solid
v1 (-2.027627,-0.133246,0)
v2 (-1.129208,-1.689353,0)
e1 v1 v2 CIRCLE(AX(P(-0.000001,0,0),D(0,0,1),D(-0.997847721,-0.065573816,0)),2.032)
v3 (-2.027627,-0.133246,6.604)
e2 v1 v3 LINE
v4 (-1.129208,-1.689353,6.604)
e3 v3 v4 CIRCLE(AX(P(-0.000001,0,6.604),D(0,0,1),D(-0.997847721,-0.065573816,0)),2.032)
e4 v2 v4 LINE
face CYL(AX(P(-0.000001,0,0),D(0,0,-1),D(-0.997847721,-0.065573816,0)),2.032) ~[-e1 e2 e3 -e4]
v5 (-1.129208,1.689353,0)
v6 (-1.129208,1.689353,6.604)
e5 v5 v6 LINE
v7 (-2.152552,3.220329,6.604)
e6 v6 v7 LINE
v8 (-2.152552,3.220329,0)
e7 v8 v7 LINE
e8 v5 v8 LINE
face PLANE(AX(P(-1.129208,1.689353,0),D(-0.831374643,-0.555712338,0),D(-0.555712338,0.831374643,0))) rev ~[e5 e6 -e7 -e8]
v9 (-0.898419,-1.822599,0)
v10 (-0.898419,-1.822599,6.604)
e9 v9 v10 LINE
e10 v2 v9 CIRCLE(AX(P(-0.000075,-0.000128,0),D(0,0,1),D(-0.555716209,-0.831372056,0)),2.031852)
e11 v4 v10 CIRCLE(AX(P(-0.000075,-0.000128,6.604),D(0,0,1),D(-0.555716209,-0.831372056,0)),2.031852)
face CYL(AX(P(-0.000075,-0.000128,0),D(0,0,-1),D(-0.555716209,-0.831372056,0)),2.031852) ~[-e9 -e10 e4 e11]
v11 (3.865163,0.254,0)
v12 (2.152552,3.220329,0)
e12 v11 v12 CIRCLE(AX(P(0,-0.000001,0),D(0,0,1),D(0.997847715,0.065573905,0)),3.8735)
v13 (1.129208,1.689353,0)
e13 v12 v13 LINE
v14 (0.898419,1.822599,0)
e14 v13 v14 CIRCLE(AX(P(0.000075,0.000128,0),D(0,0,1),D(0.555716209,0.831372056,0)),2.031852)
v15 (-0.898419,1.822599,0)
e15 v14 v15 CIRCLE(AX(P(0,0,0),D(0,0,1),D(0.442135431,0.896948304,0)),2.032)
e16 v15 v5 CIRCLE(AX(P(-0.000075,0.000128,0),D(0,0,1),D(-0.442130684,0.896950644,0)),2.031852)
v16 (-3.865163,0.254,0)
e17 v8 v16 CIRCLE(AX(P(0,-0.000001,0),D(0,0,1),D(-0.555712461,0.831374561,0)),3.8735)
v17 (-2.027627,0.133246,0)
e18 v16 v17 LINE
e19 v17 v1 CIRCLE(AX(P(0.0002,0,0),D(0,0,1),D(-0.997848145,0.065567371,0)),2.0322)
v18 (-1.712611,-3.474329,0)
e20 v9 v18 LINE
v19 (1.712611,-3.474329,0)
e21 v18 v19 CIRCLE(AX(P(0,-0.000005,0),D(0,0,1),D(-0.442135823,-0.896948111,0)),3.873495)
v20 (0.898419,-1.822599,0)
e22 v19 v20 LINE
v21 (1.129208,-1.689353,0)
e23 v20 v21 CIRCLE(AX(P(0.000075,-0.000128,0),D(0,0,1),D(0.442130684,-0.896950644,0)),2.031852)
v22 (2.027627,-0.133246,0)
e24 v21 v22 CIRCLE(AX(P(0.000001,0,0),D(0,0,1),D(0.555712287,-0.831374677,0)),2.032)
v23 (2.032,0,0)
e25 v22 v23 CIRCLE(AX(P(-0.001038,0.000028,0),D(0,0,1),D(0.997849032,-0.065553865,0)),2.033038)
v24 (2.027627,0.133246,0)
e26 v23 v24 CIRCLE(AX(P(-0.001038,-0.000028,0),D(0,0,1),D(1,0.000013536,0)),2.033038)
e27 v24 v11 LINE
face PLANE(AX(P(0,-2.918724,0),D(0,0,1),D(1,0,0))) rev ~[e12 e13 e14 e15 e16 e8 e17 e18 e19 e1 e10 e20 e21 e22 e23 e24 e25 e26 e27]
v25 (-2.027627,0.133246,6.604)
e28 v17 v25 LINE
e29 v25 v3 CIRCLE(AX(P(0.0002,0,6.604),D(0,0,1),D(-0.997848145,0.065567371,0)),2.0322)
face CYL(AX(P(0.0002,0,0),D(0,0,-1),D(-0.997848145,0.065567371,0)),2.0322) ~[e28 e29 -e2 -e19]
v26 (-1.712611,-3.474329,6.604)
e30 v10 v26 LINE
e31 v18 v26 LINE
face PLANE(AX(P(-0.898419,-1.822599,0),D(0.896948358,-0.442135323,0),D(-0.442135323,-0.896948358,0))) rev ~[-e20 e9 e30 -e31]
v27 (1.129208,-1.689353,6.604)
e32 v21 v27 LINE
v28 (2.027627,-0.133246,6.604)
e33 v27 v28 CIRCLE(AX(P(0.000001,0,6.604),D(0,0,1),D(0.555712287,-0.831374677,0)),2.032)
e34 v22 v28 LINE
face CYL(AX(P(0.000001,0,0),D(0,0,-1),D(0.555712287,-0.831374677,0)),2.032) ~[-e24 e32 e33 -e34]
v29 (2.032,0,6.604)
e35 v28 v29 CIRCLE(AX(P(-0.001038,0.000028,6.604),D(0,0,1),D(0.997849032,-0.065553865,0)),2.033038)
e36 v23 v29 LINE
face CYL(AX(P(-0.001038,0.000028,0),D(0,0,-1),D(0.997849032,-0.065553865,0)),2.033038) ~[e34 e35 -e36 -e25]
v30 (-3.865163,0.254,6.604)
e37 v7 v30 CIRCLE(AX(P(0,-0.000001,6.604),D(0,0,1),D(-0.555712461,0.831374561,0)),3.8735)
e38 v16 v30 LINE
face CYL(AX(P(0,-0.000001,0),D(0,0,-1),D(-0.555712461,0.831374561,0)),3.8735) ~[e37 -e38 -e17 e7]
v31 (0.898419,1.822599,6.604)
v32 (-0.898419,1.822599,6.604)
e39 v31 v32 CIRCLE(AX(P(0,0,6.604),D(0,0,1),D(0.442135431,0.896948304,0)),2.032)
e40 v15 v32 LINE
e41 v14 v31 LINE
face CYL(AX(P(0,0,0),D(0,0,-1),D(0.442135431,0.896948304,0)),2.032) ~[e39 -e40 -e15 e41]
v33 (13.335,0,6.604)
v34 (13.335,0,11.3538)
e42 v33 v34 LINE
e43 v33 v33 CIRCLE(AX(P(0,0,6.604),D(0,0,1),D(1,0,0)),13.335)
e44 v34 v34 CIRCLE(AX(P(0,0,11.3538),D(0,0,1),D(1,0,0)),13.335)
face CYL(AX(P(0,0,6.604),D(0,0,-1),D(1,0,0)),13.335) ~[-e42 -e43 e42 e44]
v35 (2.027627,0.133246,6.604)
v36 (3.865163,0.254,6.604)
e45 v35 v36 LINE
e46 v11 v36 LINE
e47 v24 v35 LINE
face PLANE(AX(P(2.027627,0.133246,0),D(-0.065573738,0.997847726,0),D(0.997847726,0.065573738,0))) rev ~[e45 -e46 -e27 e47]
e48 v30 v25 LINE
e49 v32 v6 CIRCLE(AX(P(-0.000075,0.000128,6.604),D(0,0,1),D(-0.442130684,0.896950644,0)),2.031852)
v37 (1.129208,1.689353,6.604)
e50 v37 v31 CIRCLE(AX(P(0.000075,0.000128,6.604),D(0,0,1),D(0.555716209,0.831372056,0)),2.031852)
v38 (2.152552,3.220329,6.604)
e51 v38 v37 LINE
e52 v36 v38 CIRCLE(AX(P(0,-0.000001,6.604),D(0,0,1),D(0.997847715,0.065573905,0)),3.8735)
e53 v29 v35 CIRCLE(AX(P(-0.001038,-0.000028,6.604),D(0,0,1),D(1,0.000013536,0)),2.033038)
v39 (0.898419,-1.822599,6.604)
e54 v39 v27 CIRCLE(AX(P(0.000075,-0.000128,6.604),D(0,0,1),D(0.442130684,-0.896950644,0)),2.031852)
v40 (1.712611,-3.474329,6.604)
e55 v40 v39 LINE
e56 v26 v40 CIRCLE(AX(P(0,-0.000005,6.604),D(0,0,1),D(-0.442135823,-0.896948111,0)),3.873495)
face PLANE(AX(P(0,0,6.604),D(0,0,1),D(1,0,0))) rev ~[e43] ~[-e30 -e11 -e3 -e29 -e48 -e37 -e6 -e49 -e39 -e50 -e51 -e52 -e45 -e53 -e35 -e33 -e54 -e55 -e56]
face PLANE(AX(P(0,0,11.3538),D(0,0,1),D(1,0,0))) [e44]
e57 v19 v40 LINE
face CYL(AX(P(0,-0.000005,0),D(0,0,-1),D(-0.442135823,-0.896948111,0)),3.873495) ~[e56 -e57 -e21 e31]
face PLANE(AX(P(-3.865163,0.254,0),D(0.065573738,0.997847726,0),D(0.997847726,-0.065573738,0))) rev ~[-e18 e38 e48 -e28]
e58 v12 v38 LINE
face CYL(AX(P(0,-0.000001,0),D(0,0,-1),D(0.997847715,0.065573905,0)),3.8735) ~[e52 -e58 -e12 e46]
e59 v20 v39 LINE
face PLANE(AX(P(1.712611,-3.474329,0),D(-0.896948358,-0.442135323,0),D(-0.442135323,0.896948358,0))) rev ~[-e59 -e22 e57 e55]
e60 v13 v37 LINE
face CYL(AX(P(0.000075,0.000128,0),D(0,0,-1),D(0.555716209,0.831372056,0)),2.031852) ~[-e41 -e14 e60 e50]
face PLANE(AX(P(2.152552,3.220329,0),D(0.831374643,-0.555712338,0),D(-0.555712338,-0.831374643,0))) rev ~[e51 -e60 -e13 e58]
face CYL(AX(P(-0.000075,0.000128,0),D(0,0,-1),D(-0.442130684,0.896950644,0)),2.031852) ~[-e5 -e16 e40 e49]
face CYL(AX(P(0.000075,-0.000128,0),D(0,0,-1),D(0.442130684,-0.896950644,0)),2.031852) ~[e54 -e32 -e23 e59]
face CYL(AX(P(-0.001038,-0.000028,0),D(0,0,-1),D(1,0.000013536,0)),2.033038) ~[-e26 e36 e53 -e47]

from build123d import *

# Parameters (mm, degrees)
F1_DEPTH = 6.604
F2_R     = 13.335
F3_DEPTH = 4.7498


with BuildPart() as f1:
    # F0 (on Top) → F1 (new body)
    with BuildSketch(Plane.XY):
        with BuildLine():
            ThreePointArc((-1.712611, -3.474329), (0, -3.8735), (1.712611, -3.474329))
            Line((1.712611, -3.474329), (0.898419, -1.822599))
            ThreePointArc((0.898419, -1.822599), (0, -2.032), (-0.898419, -1.822599))
            Line((-0.898419, -1.822599), (-1.712611, -3.474329))
        make_face()
        with BuildLine():
            Line((-1.129208, 1.689353), (-2.152552, 3.220329))
            ThreePointArc((-2.152552, 3.220329), (-3.354549, 1.93675), (-3.865163, 0.254))
            Line((-3.865163, 0.254), (-2.027627, 0.133246))
            ThreePointArc((-2.027627, 0.133246), (-1.759764, 1.016), (-1.129208, 1.689353))
        make_face()
        with BuildLine():
            Line((2.027627, 0.133246), (3.865163, 0.254))
            ThreePointArc((3.865163, 0.254), (3.354549, 1.93675), (2.152552, 3.220329))
            Line((2.152552, 3.220329), (1.129208, 1.689353))
            ThreePointArc((1.129208, 1.689353), (1.759764, 1.016), (2.027627, 0.133246))
        make_face()
        with BuildLine():
            ThreePointArc((2.027627, -0.133246), (2.030906, -0.066659), (2.032, 0))
            ThreePointArc((2.032, 0), (2.030906, 0.066659), (2.027627, 0.133246))
            ThreePointArc((2.027627, 0.133246), (1.759764, 1.016), (1.129208, 1.689353))
            ThreePointArc((1.129208, 1.689353), (1.016, 1.759764), (0.898419, 1.822599))
            ThreePointArc((0.898419, 1.822599), (0, 2.032), (-0.898419, 1.822599))
            ThreePointArc((-0.898419, 1.822599), (-1.016, 1.759764), (-1.129208, 1.689353))
            ThreePointArc((-1.129208, 1.689353), (-1.759764, 1.016), (-2.027627, 0.133246))
            ThreePointArc((-2.027627, 0.133246), (-2.032, 0), (-2.027627, -0.133246))
            ThreePointArc((-2.027627, -0.133246), (-1.759764, -1.016), (-1.129208, -1.689353))
            ThreePointArc((-1.129208, -1.689353), (-1.016, -1.759764), (-0.898419, -1.822599))
            ThreePointArc((-0.898419, -1.822599), (0, -2.032), (0.898419, -1.822599))
            ThreePointArc((0.898419, -1.822599), (1.016, -1.759764), (1.129208, -1.689353))
            ThreePointArc((1.129208, -1.689353), (1.759764, -1.016), (2.027627, -0.133246))
        make_face()
    extrude(amount=F1_DEPTH)

    # F2 (on face) → F3 (join)
    with BuildSketch(Plane.XY.offset(6.604)):
        Circle(F2_R)
    extrude(amount=F3_DEPTH)


solid = f1.part
